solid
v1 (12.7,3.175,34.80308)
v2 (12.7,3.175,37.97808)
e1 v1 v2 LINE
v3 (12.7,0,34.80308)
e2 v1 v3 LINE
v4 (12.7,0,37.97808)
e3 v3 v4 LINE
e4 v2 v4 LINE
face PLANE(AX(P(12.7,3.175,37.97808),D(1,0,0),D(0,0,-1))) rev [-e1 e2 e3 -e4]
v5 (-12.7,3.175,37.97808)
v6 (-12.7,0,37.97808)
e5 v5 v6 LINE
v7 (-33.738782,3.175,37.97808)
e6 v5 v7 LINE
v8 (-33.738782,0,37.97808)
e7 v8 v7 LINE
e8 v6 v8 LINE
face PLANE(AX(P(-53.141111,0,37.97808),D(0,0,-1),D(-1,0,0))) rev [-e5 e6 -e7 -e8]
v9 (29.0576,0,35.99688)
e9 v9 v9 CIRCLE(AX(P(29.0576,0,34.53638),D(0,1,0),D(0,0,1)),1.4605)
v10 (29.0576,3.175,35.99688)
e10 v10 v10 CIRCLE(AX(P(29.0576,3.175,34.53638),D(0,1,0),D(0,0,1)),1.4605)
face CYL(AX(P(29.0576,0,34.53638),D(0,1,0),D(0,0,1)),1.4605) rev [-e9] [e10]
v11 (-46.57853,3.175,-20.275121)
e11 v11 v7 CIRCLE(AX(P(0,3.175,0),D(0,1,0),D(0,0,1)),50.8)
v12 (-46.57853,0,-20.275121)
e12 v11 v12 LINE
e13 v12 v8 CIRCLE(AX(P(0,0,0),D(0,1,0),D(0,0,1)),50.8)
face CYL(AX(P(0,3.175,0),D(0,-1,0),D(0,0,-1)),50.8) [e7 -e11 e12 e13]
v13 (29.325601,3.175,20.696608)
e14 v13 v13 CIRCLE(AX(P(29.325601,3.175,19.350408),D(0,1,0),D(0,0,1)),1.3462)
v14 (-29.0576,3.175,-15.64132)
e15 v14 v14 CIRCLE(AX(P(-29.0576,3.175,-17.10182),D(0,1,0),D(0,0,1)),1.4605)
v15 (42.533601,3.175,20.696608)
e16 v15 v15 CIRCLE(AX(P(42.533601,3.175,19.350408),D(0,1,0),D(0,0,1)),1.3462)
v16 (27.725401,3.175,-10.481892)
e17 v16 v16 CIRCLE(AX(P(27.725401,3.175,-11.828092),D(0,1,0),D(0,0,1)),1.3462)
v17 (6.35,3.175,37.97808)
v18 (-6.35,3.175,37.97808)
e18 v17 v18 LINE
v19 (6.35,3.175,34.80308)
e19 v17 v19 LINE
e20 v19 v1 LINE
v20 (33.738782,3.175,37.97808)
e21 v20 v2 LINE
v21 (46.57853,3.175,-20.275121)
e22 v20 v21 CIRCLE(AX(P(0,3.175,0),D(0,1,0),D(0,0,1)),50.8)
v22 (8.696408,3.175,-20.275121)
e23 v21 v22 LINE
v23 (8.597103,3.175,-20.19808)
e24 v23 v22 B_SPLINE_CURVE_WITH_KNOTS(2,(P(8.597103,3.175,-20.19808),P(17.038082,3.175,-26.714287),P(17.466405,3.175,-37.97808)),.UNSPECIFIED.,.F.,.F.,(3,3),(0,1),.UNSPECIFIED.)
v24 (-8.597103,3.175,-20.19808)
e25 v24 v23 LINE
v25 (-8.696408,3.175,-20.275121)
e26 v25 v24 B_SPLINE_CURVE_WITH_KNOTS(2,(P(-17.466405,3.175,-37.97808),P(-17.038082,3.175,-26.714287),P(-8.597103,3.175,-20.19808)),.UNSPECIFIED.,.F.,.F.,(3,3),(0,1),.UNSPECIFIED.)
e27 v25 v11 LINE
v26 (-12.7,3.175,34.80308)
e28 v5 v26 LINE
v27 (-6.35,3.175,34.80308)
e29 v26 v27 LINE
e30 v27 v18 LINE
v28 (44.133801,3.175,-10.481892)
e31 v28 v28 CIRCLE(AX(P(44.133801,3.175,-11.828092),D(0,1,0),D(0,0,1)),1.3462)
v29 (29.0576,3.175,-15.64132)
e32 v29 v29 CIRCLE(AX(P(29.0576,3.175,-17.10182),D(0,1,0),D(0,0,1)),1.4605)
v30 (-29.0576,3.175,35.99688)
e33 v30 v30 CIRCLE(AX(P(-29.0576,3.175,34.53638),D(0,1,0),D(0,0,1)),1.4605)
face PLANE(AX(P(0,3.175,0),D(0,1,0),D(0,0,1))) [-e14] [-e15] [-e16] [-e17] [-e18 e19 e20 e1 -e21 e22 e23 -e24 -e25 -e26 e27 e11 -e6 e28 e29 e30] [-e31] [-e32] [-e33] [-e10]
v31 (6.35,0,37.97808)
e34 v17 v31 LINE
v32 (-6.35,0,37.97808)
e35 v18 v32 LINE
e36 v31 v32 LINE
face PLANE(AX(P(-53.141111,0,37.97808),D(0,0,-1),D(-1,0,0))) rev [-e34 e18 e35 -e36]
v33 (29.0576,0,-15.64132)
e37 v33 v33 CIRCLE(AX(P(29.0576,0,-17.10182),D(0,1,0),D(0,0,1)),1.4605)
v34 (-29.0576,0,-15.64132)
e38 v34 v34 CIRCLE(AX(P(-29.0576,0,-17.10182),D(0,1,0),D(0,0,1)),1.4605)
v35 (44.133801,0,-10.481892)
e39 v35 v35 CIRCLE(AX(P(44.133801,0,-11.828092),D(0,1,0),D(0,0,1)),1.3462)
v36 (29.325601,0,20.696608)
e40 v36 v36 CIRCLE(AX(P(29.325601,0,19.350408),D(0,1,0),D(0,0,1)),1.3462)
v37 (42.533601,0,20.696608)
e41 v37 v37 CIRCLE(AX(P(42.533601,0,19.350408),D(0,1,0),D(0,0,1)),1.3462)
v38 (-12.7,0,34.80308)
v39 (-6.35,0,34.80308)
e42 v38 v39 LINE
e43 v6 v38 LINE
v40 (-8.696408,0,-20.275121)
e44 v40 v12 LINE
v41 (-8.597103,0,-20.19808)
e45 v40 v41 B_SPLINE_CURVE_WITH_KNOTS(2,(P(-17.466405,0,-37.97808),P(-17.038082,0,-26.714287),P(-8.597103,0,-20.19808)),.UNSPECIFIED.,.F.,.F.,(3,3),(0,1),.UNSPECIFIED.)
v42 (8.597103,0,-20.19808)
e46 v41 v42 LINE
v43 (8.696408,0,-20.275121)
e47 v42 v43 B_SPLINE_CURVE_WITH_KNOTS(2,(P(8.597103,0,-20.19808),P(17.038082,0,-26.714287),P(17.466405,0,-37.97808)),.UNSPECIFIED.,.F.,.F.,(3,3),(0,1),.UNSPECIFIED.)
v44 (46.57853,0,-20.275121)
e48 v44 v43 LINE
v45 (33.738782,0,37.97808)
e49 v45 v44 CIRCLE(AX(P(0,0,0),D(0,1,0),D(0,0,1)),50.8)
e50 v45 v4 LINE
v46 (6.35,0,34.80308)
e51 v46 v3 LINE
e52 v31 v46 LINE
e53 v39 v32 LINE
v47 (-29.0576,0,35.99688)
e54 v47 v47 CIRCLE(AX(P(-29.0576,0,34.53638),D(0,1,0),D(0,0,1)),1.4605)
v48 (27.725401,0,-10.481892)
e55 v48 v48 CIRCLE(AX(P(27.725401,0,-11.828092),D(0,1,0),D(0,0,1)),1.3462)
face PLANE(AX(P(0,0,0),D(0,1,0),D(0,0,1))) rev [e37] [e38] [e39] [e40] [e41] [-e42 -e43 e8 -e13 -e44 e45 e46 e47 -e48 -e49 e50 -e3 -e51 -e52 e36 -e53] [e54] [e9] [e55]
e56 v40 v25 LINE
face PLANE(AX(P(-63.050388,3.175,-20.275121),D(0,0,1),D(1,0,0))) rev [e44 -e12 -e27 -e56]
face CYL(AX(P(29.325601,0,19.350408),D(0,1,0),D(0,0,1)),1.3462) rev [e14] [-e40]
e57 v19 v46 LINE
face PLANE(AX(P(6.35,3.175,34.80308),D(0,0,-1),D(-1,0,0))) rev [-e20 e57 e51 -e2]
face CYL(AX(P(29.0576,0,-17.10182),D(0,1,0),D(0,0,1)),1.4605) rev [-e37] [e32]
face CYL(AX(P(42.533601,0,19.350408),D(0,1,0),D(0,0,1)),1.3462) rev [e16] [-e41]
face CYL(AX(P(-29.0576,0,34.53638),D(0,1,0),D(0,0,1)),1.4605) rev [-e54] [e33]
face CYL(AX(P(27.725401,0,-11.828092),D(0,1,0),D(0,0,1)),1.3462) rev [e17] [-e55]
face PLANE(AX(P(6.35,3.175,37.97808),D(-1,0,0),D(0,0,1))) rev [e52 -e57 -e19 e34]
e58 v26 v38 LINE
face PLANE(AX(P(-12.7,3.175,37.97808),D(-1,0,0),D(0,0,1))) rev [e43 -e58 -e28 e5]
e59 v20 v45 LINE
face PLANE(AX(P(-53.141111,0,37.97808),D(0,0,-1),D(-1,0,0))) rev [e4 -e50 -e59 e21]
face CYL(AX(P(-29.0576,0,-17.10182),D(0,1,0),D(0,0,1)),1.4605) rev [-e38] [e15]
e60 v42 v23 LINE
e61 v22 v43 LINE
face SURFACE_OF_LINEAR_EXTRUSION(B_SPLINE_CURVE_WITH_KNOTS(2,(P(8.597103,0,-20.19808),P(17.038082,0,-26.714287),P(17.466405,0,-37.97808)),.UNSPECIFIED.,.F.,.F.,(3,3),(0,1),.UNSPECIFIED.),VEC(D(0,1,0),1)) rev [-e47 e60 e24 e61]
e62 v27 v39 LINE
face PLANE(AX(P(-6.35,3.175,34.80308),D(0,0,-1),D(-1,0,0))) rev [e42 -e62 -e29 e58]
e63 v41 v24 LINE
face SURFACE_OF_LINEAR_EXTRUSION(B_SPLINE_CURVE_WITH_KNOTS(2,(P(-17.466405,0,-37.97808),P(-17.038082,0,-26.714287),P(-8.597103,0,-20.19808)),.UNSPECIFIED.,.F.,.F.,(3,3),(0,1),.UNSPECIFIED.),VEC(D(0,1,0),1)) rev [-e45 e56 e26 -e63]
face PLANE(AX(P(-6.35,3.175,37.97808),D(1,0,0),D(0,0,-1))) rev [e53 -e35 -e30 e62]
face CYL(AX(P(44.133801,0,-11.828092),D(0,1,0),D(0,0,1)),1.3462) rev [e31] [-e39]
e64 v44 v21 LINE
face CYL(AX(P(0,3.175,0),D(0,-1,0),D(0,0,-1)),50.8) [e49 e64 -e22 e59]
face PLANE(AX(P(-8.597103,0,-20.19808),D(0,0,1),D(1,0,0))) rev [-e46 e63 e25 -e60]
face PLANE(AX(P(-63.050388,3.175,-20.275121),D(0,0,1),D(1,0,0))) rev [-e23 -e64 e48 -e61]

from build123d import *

# Parameters (mm, degrees)
SKETCH1_R           = 50.8
BOSS_EXTRUDE1_DEPTH = 3.175
SKETCH2_W           = 114.887790664
SKETCH2_H           = 17.737062418
CUT_EXTRUDE1_DEPTH  = 3.175
SKETCH6_R           = 1.4605
CUT_EXTRUDE2_DEPTH  = 3.175
SKETCH7_W           = 120.831003793
SKETCH7_H           = 28.526712532
CUT_EXTRUDE3_DEPTH  = 3.175
SKETCH8_W           = 6.35
SKETCH8_H           = 3.175
CUT_EXTRUDE4_DEPTH  = 3.175
SKETCH9_R           = 1.3462
CUT_EXTRUDE5_DEPTH  = 3.175


with BuildPart() as part:
    # Sketch1 → Boss-Extrude1 (new body)
    with BuildSketch(Plane(origin=(0, 0, 0), x_dir=(1, 0, 0), z_dir=(0, 1, 0))):
        Circle(SKETCH1_R)
    extrude(amount=BOSS_EXTRUDE1_DEPTH)

    # Sketch2 → Cut-Extrude1 (cut)
    with BuildSketch(Plane(origin=(0, 3.175, 0), x_dir=(1, 0, 0), z_dir=(0, 1, 0))):
        with BuildLine():
            Line((-53.141111112, 55.715142418), (61.746679552, 55.715142418))
            Line((61.746679552, 55.715142418), (61.746679552, 37.97808))
            Line((61.746679552, 37.97808), (17.466405486, 37.97808))
            add(Edge.make_bspline(
                [(17.466405486, 37.97808), (17.038082166, 26.714286782), (8.597103322, 20.19808)],
                knots=[0, 0, 0, 1, 1, 1], degree=2))
            Line((8.597103322, 20.19808), (-8.597103322, 20.19808))
            add(Edge.make_bspline(
                [(-17.466405486, 37.97808), (-17.038082166, 26.714286782), (-8.597103322, 20.19808)],
                knots=[0, 0, 0, 1, 1, 1], degree=2))
            Line((-17.466405486, 37.97808), (-53.141111112, 37.97808))
            Line((-53.141111112, 37.97808), (-53.141111112, 55.715142418))
        make_face()
        with Locations((4.30278422, -46.846611209)):
            Rectangle(SKETCH2_W, SKETCH2_H)
    extrude(amount=-CUT_EXTRUDE1_DEPTH, mode=Mode.SUBTRACT)

    # Sketch6 → Cut-Extrude2 (cut)
    with BuildSketch(Plane(origin=(0, 3.175, 0), x_dir=(1, 0, 0), z_dir=(0, 1, 0))):
        with Locations((-29.0576, 17.10182)):
            Circle(SKETCH6_R)
        with Locations((29.0576, 17.10182)):
            Circle(SKETCH6_R)
        with Locations((29.0576, -34.53638)):
            Circle(SKETCH6_R)
        with Locations((-29.0576, -34.53638)):
            Circle(SKETCH6_R)
    extrude(amount=-CUT_EXTRUDE2_DEPTH, mode=Mode.SUBTRACT)

    # Sketch7 → Cut-Extrude3 (cut)
    with BuildSketch(Plane.XZ):
        with Locations((-2.634885915, -34.53847722)):
            Rectangle(SKETCH7_W, SKETCH7_H)
    extrude(amount=-CUT_EXTRUDE3_DEPTH, mode=Mode.SUBTRACT)

    # Sketch8 → Cut-Extrude4 (cut)
    with BuildSketch(Plane.XZ):
        with Locations((-9.525, 36.39058)):
            Rectangle(SKETCH8_W, SKETCH8_H)
        with Locations((9.525, 36.39058)):
            Rectangle(SKETCH8_W, SKETCH8_H)
    extrude(amount=-CUT_EXTRUDE4_DEPTH, mode=Mode.SUBTRACT)

    # Sketch9 → Cut-Extrude5 (cut)
    with BuildSketch(Plane(origin=(0, 3.175, 0), x_dir=(1, 0, 0), z_dir=(0, 1, 0))):
        with Locations((27.725400673, 11.828091507)):
            Circle(SKETCH9_R)
        with Locations((44.133800673, 11.828091507)):
            Circle(SKETCH9_R)
        with Locations((42.533600673, -19.350408493)):
            Circle(SKETCH9_R)
        with Locations((29.325600673, -19.350408493)):
            Circle(SKETCH9_R)
    extrude(amount=-CUT_EXTRUDE5_DEPTH, mode=Mode.SUBTRACT)


solid = part.part
